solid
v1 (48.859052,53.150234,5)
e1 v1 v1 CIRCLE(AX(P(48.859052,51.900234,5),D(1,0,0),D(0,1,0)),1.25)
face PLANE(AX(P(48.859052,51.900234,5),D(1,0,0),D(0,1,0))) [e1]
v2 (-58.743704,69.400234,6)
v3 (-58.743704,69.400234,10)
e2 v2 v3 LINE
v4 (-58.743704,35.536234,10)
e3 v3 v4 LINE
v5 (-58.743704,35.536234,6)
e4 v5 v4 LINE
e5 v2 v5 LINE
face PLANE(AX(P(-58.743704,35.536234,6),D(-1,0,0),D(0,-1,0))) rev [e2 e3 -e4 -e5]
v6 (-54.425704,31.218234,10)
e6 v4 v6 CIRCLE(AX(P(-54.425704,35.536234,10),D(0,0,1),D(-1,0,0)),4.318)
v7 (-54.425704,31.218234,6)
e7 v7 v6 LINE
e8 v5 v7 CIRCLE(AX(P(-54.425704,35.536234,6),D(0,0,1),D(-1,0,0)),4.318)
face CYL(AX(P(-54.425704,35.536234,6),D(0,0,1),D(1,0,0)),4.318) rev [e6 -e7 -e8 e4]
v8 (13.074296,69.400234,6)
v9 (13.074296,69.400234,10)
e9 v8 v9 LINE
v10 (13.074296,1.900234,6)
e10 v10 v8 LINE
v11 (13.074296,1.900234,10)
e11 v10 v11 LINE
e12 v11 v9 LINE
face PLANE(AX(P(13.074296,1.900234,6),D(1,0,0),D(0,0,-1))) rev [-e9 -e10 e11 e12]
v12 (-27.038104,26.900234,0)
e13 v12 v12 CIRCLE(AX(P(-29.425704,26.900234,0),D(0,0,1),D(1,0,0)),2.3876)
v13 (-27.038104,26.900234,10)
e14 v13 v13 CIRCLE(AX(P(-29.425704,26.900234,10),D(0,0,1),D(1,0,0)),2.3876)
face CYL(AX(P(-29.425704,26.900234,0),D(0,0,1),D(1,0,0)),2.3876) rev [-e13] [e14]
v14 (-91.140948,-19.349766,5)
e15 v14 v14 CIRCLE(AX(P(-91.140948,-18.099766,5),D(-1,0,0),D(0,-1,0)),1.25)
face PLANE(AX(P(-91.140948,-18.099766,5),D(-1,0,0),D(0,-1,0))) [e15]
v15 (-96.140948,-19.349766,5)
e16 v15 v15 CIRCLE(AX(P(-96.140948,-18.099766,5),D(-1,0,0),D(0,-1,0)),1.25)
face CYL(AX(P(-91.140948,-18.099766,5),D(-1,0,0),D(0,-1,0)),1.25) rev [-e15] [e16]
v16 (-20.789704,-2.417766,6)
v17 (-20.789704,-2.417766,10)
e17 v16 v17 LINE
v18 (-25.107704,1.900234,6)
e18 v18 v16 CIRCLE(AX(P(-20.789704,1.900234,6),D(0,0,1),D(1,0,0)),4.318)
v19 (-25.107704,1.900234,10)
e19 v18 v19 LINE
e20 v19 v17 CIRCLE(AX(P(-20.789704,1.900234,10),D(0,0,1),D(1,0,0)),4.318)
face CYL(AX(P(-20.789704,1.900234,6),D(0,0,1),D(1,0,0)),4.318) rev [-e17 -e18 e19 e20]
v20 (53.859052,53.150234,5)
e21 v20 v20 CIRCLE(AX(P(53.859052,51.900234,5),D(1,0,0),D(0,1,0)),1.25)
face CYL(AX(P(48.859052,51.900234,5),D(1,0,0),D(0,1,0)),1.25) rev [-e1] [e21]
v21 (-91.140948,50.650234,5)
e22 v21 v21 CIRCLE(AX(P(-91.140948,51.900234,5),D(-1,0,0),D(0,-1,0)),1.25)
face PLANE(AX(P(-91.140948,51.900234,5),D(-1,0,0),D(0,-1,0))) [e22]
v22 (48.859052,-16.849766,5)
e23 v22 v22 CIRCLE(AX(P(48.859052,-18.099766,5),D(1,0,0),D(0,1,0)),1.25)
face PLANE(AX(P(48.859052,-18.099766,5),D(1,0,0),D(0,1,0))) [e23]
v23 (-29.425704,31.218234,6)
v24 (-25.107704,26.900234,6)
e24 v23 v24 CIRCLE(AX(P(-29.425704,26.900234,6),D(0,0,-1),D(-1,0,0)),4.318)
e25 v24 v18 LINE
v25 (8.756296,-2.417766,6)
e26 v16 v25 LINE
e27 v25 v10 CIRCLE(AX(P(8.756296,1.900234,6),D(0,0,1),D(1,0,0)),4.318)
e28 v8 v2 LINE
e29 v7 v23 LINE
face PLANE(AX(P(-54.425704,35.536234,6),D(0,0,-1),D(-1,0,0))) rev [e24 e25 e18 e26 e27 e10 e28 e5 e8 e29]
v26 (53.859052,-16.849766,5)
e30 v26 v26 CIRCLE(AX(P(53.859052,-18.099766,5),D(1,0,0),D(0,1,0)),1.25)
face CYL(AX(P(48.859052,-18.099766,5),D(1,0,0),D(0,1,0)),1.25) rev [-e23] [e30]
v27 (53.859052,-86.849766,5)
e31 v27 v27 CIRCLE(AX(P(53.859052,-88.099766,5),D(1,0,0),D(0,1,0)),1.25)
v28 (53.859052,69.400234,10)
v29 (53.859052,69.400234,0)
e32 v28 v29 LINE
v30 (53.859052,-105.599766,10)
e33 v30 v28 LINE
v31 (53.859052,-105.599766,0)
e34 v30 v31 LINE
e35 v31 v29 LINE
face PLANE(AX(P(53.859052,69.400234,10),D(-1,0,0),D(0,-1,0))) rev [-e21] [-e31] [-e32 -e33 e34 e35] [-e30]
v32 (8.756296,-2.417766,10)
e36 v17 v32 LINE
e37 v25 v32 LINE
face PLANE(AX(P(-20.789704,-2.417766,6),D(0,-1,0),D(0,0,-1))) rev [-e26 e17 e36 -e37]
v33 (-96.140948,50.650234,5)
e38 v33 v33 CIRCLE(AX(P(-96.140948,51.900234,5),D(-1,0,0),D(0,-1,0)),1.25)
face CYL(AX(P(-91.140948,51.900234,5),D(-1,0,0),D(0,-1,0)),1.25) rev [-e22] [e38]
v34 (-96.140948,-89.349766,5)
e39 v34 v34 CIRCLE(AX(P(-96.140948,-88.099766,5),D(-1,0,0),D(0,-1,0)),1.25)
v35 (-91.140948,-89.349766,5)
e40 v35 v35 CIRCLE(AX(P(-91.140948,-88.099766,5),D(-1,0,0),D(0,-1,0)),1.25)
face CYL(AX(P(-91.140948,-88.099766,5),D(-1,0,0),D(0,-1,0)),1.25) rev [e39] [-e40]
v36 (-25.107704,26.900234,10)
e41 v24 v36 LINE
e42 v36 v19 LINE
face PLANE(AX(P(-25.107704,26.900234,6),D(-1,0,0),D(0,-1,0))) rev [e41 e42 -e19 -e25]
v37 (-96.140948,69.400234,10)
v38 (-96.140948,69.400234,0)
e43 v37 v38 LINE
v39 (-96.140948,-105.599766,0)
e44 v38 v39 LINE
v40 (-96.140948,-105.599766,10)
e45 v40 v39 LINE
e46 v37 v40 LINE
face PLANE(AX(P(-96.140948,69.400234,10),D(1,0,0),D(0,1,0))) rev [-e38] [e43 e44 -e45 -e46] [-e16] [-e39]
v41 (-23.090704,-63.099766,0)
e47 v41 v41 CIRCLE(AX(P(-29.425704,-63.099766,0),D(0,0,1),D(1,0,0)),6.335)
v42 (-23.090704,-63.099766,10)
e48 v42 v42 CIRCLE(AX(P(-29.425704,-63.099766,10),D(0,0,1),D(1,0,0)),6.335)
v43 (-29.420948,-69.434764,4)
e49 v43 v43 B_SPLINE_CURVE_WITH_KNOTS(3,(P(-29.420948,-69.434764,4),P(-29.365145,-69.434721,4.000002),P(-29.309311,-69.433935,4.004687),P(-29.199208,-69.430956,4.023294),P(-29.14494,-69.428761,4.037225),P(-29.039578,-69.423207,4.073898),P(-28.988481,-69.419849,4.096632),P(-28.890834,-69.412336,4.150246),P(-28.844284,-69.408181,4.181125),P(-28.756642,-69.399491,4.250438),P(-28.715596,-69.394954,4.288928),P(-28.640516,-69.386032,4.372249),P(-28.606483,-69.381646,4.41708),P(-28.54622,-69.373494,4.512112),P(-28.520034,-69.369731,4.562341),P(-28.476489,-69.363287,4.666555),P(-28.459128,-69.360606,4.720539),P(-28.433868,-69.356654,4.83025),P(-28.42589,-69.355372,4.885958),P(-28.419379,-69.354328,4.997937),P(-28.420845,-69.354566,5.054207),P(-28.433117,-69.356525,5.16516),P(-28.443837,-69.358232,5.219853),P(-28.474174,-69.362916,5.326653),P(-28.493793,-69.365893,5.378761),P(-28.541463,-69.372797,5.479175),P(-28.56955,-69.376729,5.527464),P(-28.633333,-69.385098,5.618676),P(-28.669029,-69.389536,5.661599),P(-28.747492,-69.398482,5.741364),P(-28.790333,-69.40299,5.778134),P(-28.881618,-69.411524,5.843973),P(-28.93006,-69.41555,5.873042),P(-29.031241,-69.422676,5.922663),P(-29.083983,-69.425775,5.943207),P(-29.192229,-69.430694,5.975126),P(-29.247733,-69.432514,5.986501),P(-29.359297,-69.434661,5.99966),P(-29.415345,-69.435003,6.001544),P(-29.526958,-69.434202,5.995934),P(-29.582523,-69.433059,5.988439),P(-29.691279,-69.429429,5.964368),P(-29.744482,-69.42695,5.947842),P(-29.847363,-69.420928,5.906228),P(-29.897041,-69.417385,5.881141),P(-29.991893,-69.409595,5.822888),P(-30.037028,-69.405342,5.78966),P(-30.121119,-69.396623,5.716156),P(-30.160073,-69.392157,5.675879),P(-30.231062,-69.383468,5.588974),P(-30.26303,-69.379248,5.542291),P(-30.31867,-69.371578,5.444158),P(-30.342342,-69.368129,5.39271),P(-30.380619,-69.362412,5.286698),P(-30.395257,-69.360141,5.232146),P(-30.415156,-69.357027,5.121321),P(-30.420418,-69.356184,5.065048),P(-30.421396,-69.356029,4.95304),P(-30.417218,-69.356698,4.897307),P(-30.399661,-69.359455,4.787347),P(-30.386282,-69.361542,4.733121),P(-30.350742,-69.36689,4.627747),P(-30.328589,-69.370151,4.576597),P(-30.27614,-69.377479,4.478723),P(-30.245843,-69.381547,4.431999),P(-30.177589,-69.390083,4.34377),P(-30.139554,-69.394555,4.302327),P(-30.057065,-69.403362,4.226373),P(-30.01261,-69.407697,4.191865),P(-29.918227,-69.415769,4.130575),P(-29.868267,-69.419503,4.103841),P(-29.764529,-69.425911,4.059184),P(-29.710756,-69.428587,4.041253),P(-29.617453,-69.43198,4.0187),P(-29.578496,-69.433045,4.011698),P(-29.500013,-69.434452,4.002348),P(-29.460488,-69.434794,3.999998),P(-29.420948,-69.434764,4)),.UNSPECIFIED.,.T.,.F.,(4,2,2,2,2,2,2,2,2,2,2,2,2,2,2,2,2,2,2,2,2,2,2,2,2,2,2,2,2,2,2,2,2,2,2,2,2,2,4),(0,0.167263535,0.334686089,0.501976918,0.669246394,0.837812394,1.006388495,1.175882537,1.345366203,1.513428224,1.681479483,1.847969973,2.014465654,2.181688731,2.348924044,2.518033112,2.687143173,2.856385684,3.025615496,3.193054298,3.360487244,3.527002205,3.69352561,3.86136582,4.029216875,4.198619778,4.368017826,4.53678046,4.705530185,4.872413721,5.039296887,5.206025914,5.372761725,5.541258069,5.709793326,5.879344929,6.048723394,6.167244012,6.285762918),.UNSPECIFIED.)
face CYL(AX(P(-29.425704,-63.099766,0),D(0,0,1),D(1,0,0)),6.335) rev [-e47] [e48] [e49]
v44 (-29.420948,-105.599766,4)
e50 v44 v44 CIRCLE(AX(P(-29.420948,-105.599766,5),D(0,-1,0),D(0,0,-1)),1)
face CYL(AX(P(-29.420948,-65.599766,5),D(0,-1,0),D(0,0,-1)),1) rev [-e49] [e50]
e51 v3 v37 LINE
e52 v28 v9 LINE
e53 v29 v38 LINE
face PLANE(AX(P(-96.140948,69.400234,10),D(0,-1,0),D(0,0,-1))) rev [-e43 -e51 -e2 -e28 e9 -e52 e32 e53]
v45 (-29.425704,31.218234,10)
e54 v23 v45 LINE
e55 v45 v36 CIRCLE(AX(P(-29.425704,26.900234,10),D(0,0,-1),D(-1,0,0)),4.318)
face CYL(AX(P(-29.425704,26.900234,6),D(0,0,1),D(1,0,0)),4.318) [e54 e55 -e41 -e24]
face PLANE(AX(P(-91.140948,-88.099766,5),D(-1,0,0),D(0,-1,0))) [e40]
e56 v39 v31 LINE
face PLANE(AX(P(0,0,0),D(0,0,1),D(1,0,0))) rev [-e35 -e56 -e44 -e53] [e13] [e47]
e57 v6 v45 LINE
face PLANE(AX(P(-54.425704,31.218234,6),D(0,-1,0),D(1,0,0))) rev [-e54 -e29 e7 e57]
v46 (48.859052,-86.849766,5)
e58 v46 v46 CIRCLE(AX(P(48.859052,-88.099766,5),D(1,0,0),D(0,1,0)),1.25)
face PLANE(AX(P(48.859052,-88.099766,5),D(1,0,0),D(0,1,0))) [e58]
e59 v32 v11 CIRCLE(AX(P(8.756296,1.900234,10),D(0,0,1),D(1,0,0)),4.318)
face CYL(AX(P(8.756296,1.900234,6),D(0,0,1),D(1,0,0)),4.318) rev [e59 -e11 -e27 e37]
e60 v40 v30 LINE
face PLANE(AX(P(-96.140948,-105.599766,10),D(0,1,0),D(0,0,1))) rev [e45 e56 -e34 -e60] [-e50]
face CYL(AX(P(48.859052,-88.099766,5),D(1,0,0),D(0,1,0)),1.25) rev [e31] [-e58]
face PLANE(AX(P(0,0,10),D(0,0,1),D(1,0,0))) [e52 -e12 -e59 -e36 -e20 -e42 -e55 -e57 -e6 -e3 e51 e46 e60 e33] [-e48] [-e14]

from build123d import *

# Parameters (mm, degrees)
SKIZZE1_W                       = 150
SKIZZE1_H                       = 175
AUFSATZ_LINEAR_AUSTRAGEN1_DEPTH = 10
SKIZZE2_R                       = 2.3876
SKIZZE2_R_2                     = 6.335
SCHNITT_LINEAR_AUSTRAGEN1_DEPTH = 10
SCHNITT_LINEAR_AUSTRAGEN2_DEPTH = 4
SKIZZE4_R                       = 1.25
SCHNITT_LINEAR_AUSTRAGEN3_DEPTH = 5
SCHNITT_LINEAR_START            = -5
SKIZZE6_R                       = 1.25
SCHNITT_LINEAR_AUSTRAGEN4_DEPTH = 5
SKIZZE7_R                       = 1
SCHNITT_LINEAR_AUSTRAGEN5_DEPTH = 40


with BuildPart() as part:
    # Skizze1 → Aufsatz-Linear austragen1 (new body)
    with BuildSketch(Plane.XY):
        with Locations((-21.140947697, -18.099765847)):
            Rectangle(SKIZZE1_W, SKIZZE1_H)
    extrude(amount=AUFSATZ_LINEAR_AUSTRAGEN1_DEPTH)

    # Skizze2 → Schnitt-Linear austragen1 (cut)
    with BuildSketch(Plane.XY.offset(10)):
        with Locations((-29.425704113, 26.900234153)):
            Circle(SKIZZE2_R)
        with Locations((-29.425704113, -63.099765847)):
            Circle(SKIZZE2_R_2)
    extrude(amount=-SCHNITT_LINEAR_AUSTRAGEN1_DEPTH, mode=Mode.SUBTRACT)

    # Skizze3 → Schnitt-Linear austragen2 (cut)
    with BuildSketch(Plane.XY.offset(10)):
        with BuildLine():
            Line((-54.425704113, 31.218234153), (-29.425704113, 31.218234153))
            ThreePointArc((-29.425704113, 31.218234153), (-26.372417032, 29.953521235), (-25.107704113, 26.900234153))
            Line((-25.107704113, 26.900234153), (-25.107704113, 1.900234153))
            ThreePointArc((-25.107704113, 1.900234153), (-23.842991195, -1.153052928), (-20.789704113, -2.417765847))
            Line((-20.789704113, -2.417765847), (8.756295887, -2.417765847))
            ThreePointArc((8.756295887, -2.417765847), (11.809582968, -1.153052928), (13.074295887, 1.900234153))
            Line((13.074295887, 1.900234153), (13.074295887, 69.400234153))
            Line((13.074295887, 69.400234153), (-58.743704113, 69.400234153))
            Line((-58.743704113, 69.400234153), (-58.743704113, 35.536234153))
            ThreePointArc((-58.743704113, 35.536234153), (-57.478991195, 32.482947072), (-54.425704113, 31.218234153))
        make_face()
    extrude(amount=-SCHNITT_LINEAR_AUSTRAGEN2_DEPTH, mode=Mode.SUBTRACT)

    # Skizze4 → Schnitt-Linear austragen3 (cut)
    with BuildSketch(Plane.ZY.offset(96.140947697)):
        with Locations(Location((5, 51.900234153, 0), (0, 0, 270))):
            Circle(SKIZZE4_R)
        with Locations(Location((5, -18.099765847, 0), (0, 0, 270))):
            Circle(SKIZZE4_R)
        with Locations(Location((5, -88.099765847, 0), (0, 0, 270))):
            Circle(SKIZZE4_R)
    extrude(amount=-SCHNITT_LINEAR_AUSTRAGEN3_DEPTH, mode=Mode.SUBTRACT)

    # Skizze6 → Schnitt-Linear austragen4 (cut)
    with BuildSketch(Plane(origin=(53.859052303, 0, 0), x_dir=(0, 0, -1), z_dir=(1, 0, 0)).offset(SCHNITT_LINEAR_START)):
        with Locations(Location((-5, 51.900234153, 0), (0, 0, 270))):
            Circle(SKIZZE6_R)
        with Locations(Location((-5, -18.099765847, 0), (0, 0, 270))):
            Circle(SKIZZE6_R)
        with Locations(Location((-5, -88.099765847, 0), (0, 0, 270))):
            Circle(SKIZZE6_R)
    extrude(amount=SCHNITT_LINEAR_AUSTRAGEN4_DEPTH, mode=Mode.SUBTRACT)

    # Skizze7 → Schnitt-Linear austragen5 (cut)
    with BuildSketch(Plane.XZ.offset(105.599765847)):
        with Locations(Location((-29.420947697, 5, 0), (0, 0, 270))):
            Circle(SKIZZE7_R)
    extrude(amount=-SCHNITT_LINEAR_AUSTRAGEN5_DEPTH, mode=Mode.SUBTRACT)


solid = part.part
